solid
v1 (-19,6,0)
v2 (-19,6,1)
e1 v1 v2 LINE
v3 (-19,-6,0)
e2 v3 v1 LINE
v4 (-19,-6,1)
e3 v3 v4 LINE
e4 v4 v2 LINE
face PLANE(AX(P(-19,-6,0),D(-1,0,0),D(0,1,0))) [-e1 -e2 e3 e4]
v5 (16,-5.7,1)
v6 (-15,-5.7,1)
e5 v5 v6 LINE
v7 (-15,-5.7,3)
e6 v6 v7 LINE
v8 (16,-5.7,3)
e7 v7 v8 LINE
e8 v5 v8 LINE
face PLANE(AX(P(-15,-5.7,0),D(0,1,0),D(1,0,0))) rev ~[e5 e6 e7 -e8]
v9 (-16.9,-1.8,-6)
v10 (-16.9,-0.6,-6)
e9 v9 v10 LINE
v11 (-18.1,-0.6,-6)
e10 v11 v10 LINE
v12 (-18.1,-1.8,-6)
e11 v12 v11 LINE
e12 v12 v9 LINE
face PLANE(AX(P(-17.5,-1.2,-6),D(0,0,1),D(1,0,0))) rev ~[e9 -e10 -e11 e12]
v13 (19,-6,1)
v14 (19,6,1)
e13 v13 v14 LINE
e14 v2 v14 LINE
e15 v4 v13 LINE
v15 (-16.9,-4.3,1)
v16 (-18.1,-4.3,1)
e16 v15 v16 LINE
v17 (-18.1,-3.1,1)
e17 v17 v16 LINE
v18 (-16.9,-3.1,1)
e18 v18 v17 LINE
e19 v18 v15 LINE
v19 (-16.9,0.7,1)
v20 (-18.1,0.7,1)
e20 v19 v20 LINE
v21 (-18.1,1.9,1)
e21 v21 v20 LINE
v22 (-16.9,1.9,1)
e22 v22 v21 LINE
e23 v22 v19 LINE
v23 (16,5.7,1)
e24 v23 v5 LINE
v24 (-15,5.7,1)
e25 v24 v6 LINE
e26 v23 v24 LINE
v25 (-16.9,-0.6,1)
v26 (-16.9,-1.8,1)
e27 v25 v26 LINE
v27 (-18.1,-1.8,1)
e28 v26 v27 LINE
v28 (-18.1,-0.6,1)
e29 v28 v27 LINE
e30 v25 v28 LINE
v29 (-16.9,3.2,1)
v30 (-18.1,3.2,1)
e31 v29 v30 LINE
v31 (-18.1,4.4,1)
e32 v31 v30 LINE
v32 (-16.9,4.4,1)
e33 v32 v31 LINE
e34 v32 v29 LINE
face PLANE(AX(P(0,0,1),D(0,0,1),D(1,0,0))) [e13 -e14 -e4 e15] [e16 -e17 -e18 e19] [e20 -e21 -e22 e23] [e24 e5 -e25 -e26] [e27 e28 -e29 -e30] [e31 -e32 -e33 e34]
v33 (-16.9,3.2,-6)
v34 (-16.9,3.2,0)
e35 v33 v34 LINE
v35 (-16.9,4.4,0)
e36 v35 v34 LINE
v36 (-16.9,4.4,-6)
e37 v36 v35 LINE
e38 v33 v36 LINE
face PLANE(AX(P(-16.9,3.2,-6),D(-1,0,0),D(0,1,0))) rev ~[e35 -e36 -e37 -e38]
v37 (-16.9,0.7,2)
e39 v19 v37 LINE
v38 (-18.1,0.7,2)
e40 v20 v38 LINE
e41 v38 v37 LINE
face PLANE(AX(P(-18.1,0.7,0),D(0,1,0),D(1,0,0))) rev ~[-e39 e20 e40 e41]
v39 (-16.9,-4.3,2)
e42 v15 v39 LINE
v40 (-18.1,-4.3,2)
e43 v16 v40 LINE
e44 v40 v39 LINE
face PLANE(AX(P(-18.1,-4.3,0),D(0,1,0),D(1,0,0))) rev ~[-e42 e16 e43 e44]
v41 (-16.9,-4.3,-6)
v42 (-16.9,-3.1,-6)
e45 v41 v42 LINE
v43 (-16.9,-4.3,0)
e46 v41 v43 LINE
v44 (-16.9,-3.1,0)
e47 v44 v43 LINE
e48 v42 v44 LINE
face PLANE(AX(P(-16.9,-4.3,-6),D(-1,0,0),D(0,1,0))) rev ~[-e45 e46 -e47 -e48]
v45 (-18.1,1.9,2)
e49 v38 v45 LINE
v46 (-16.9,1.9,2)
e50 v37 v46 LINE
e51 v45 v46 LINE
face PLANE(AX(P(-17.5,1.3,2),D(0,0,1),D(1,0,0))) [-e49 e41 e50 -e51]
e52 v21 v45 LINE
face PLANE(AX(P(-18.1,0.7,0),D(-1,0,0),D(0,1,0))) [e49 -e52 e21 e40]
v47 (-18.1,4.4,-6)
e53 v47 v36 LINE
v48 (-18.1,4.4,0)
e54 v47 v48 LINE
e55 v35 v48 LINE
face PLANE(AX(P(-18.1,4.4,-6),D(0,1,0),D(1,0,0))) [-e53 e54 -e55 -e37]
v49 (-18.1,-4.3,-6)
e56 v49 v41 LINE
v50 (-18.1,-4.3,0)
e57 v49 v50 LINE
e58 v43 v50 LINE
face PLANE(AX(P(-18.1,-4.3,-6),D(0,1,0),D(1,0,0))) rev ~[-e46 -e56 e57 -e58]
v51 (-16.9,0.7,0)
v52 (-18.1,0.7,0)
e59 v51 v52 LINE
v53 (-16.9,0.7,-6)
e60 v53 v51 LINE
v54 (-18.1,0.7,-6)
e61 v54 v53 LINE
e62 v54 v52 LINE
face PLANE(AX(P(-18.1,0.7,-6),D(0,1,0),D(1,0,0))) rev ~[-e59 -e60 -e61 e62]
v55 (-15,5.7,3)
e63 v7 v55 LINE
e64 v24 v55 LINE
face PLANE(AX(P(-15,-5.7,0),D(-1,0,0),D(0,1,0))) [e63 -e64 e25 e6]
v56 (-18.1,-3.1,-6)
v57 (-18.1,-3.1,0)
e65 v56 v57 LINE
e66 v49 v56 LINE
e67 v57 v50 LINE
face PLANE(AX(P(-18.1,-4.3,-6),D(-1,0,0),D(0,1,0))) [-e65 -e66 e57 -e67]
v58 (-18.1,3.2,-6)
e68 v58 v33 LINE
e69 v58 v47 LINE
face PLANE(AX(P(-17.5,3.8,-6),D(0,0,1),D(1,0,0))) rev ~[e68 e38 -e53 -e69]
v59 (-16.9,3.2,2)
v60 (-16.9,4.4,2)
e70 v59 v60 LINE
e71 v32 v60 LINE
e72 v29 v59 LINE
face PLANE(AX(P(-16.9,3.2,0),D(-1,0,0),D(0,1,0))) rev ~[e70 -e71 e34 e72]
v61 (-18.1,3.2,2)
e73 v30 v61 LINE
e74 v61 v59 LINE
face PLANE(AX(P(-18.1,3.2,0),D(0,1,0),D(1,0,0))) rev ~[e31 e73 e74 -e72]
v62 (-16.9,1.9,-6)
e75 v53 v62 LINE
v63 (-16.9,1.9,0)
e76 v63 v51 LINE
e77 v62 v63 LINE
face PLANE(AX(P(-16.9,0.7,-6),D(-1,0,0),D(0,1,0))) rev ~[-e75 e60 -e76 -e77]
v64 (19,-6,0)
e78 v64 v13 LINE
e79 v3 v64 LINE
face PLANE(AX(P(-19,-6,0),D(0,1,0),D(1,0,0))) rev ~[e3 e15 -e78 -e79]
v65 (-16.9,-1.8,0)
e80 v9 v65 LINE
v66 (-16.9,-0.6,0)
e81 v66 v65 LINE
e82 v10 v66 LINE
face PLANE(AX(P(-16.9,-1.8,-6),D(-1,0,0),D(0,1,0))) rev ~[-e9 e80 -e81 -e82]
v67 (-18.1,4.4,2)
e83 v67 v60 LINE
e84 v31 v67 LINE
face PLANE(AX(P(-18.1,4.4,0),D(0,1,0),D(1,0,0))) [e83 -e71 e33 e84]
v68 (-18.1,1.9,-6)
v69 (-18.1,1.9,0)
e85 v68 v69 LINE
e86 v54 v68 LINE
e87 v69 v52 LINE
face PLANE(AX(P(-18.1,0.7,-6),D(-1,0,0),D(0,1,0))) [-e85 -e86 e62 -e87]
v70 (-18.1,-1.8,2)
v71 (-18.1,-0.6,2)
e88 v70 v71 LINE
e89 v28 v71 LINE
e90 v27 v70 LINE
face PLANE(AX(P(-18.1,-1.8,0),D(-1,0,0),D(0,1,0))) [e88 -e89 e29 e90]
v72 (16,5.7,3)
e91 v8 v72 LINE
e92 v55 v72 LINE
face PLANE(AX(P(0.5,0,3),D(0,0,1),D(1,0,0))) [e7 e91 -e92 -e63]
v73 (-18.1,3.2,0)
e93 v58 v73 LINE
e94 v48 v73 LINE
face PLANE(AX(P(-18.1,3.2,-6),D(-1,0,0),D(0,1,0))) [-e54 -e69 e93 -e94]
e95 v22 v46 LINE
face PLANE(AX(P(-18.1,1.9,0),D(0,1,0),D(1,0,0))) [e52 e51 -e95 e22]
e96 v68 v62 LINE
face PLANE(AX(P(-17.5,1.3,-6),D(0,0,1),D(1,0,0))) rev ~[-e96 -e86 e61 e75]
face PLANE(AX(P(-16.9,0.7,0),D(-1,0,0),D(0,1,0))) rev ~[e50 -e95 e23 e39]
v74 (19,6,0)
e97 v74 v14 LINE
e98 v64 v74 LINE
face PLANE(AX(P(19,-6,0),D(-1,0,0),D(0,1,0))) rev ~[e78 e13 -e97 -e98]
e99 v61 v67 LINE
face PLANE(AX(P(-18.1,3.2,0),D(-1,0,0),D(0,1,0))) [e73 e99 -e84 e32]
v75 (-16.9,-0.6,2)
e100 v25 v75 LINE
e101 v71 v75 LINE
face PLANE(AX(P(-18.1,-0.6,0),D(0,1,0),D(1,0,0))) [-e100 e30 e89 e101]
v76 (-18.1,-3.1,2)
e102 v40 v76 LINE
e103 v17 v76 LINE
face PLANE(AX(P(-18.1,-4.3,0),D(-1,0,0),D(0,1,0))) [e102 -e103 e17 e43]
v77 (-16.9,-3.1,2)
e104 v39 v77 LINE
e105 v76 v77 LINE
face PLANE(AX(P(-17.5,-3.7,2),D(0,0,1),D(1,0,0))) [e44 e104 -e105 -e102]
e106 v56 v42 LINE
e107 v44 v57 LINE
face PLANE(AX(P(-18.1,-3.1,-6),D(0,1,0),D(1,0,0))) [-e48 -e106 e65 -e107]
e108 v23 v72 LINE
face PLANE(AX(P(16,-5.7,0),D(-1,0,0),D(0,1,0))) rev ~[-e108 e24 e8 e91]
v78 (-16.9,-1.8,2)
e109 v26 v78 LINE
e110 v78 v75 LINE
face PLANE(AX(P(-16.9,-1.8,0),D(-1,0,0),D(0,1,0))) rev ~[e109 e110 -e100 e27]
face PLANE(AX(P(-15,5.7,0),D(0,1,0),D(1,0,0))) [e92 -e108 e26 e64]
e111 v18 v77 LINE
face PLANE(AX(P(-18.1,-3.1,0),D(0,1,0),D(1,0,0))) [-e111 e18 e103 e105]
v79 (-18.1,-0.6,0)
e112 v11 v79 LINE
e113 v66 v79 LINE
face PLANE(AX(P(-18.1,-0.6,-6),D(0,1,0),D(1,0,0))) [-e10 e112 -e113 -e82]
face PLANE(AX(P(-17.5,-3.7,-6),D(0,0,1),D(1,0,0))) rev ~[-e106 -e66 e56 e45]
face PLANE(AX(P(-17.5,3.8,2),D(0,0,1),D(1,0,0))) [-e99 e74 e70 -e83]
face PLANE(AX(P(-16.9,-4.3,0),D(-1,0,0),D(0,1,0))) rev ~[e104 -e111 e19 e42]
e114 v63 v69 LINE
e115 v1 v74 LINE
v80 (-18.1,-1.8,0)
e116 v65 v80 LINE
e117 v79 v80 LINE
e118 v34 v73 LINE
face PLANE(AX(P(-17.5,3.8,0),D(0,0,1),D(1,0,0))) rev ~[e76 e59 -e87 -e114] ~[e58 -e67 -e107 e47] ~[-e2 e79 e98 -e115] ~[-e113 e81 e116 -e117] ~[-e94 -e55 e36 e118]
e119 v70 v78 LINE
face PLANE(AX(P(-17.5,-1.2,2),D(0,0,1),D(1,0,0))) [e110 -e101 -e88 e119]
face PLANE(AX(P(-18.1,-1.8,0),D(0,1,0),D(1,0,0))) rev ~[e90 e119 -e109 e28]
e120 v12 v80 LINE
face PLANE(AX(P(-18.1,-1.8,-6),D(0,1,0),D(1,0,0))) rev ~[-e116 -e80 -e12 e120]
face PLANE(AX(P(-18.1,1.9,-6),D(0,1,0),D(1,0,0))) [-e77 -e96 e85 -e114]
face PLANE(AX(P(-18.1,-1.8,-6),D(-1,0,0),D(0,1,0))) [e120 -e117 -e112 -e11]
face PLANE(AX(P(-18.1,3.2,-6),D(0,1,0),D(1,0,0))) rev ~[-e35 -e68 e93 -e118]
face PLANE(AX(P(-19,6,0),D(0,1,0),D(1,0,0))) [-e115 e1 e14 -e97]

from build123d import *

# Parameters (mm, degrees)
SKETCH_1_W           = 38
SKETCH_1_H           = 12
EXTRUDE_4_DEPTH      = 1
SKETCH_2_W           = 31
SKETCH_2_H           = 11.4
EXTRUDE_5_DEPTH      = 3
SKETCH_3_W           = 1.2
SKETCH_3_H           = 1.2
EXTRUDE_6_DEPTH      = 2
EXTRUDE_7_DEPTH      = 2
EXTRUDE_7_DEPTH_BACK = 6
SKETCH_3_5_W         = 1.2
SKETCH_3_5_H         = 1.2


with BuildPart() as part:
    # ｽｹｯﾁ1 → ﾎﾞｽ - 押し出し4 (new body)
    with BuildSketch(Plane.XY):
        Rectangle(SKETCH_1_W, SKETCH_1_H)
    extrude(amount=EXTRUDE_4_DEPTH)

    # ｽｹｯﾁ2 → ﾎﾞｽ - 押し出し5 (add)
    with BuildSketch(Plane.XY):
        with Locations((0.5, 0)):
            Rectangle(SKETCH_2_W, SKETCH_2_H)
    extrude(amount=EXTRUDE_5_DEPTH)

    # ｽｹｯﾁ3 → ﾎﾞｽ - 押し出し6 (add)
    with BuildSketch(Plane.XY):
        with Locations((-17.5, 3.8)):
            Rectangle(SKETCH_3_W, SKETCH_3_H)
        with Locations((-17.5, 1.3)):
            Rectangle(SKETCH_3_W, SKETCH_3_H)
        with Locations((-17.5, -1.2)):
            Rectangle(SKETCH_3_W, SKETCH_3_H)
        with Locations((-17.5, -3.7)):
            Rectangle(SKETCH_3_W, SKETCH_3_H)
    extrude(amount=EXTRUDE_6_DEPTH)

    # ｽｹｯﾁ3<5> → ﾎﾞｽ - 押し出し7 (add, two sides: drawn at the far end of the back side and taken through both)
    with BuildSketch(Plane.XY.offset(-EXTRUDE_7_DEPTH_BACK)):
        with Locations((-17.5, 3.8)):
            Rectangle(SKETCH_3_5_W, SKETCH_3_5_H)
        with Locations((-17.5, 1.3)):
            Rectangle(SKETCH_3_5_W, SKETCH_3_5_H)
        with Locations((-17.5, -1.2)):
            Rectangle(SKETCH_3_5_W, SKETCH_3_5_H)
        with Locations((-17.5, -3.7)):
            Rectangle(SKETCH_3_5_W, SKETCH_3_5_H)
    extrude(amount=EXTRUDE_7_DEPTH + EXTRUDE_7_DEPTH_BACK)


solid = part.part
